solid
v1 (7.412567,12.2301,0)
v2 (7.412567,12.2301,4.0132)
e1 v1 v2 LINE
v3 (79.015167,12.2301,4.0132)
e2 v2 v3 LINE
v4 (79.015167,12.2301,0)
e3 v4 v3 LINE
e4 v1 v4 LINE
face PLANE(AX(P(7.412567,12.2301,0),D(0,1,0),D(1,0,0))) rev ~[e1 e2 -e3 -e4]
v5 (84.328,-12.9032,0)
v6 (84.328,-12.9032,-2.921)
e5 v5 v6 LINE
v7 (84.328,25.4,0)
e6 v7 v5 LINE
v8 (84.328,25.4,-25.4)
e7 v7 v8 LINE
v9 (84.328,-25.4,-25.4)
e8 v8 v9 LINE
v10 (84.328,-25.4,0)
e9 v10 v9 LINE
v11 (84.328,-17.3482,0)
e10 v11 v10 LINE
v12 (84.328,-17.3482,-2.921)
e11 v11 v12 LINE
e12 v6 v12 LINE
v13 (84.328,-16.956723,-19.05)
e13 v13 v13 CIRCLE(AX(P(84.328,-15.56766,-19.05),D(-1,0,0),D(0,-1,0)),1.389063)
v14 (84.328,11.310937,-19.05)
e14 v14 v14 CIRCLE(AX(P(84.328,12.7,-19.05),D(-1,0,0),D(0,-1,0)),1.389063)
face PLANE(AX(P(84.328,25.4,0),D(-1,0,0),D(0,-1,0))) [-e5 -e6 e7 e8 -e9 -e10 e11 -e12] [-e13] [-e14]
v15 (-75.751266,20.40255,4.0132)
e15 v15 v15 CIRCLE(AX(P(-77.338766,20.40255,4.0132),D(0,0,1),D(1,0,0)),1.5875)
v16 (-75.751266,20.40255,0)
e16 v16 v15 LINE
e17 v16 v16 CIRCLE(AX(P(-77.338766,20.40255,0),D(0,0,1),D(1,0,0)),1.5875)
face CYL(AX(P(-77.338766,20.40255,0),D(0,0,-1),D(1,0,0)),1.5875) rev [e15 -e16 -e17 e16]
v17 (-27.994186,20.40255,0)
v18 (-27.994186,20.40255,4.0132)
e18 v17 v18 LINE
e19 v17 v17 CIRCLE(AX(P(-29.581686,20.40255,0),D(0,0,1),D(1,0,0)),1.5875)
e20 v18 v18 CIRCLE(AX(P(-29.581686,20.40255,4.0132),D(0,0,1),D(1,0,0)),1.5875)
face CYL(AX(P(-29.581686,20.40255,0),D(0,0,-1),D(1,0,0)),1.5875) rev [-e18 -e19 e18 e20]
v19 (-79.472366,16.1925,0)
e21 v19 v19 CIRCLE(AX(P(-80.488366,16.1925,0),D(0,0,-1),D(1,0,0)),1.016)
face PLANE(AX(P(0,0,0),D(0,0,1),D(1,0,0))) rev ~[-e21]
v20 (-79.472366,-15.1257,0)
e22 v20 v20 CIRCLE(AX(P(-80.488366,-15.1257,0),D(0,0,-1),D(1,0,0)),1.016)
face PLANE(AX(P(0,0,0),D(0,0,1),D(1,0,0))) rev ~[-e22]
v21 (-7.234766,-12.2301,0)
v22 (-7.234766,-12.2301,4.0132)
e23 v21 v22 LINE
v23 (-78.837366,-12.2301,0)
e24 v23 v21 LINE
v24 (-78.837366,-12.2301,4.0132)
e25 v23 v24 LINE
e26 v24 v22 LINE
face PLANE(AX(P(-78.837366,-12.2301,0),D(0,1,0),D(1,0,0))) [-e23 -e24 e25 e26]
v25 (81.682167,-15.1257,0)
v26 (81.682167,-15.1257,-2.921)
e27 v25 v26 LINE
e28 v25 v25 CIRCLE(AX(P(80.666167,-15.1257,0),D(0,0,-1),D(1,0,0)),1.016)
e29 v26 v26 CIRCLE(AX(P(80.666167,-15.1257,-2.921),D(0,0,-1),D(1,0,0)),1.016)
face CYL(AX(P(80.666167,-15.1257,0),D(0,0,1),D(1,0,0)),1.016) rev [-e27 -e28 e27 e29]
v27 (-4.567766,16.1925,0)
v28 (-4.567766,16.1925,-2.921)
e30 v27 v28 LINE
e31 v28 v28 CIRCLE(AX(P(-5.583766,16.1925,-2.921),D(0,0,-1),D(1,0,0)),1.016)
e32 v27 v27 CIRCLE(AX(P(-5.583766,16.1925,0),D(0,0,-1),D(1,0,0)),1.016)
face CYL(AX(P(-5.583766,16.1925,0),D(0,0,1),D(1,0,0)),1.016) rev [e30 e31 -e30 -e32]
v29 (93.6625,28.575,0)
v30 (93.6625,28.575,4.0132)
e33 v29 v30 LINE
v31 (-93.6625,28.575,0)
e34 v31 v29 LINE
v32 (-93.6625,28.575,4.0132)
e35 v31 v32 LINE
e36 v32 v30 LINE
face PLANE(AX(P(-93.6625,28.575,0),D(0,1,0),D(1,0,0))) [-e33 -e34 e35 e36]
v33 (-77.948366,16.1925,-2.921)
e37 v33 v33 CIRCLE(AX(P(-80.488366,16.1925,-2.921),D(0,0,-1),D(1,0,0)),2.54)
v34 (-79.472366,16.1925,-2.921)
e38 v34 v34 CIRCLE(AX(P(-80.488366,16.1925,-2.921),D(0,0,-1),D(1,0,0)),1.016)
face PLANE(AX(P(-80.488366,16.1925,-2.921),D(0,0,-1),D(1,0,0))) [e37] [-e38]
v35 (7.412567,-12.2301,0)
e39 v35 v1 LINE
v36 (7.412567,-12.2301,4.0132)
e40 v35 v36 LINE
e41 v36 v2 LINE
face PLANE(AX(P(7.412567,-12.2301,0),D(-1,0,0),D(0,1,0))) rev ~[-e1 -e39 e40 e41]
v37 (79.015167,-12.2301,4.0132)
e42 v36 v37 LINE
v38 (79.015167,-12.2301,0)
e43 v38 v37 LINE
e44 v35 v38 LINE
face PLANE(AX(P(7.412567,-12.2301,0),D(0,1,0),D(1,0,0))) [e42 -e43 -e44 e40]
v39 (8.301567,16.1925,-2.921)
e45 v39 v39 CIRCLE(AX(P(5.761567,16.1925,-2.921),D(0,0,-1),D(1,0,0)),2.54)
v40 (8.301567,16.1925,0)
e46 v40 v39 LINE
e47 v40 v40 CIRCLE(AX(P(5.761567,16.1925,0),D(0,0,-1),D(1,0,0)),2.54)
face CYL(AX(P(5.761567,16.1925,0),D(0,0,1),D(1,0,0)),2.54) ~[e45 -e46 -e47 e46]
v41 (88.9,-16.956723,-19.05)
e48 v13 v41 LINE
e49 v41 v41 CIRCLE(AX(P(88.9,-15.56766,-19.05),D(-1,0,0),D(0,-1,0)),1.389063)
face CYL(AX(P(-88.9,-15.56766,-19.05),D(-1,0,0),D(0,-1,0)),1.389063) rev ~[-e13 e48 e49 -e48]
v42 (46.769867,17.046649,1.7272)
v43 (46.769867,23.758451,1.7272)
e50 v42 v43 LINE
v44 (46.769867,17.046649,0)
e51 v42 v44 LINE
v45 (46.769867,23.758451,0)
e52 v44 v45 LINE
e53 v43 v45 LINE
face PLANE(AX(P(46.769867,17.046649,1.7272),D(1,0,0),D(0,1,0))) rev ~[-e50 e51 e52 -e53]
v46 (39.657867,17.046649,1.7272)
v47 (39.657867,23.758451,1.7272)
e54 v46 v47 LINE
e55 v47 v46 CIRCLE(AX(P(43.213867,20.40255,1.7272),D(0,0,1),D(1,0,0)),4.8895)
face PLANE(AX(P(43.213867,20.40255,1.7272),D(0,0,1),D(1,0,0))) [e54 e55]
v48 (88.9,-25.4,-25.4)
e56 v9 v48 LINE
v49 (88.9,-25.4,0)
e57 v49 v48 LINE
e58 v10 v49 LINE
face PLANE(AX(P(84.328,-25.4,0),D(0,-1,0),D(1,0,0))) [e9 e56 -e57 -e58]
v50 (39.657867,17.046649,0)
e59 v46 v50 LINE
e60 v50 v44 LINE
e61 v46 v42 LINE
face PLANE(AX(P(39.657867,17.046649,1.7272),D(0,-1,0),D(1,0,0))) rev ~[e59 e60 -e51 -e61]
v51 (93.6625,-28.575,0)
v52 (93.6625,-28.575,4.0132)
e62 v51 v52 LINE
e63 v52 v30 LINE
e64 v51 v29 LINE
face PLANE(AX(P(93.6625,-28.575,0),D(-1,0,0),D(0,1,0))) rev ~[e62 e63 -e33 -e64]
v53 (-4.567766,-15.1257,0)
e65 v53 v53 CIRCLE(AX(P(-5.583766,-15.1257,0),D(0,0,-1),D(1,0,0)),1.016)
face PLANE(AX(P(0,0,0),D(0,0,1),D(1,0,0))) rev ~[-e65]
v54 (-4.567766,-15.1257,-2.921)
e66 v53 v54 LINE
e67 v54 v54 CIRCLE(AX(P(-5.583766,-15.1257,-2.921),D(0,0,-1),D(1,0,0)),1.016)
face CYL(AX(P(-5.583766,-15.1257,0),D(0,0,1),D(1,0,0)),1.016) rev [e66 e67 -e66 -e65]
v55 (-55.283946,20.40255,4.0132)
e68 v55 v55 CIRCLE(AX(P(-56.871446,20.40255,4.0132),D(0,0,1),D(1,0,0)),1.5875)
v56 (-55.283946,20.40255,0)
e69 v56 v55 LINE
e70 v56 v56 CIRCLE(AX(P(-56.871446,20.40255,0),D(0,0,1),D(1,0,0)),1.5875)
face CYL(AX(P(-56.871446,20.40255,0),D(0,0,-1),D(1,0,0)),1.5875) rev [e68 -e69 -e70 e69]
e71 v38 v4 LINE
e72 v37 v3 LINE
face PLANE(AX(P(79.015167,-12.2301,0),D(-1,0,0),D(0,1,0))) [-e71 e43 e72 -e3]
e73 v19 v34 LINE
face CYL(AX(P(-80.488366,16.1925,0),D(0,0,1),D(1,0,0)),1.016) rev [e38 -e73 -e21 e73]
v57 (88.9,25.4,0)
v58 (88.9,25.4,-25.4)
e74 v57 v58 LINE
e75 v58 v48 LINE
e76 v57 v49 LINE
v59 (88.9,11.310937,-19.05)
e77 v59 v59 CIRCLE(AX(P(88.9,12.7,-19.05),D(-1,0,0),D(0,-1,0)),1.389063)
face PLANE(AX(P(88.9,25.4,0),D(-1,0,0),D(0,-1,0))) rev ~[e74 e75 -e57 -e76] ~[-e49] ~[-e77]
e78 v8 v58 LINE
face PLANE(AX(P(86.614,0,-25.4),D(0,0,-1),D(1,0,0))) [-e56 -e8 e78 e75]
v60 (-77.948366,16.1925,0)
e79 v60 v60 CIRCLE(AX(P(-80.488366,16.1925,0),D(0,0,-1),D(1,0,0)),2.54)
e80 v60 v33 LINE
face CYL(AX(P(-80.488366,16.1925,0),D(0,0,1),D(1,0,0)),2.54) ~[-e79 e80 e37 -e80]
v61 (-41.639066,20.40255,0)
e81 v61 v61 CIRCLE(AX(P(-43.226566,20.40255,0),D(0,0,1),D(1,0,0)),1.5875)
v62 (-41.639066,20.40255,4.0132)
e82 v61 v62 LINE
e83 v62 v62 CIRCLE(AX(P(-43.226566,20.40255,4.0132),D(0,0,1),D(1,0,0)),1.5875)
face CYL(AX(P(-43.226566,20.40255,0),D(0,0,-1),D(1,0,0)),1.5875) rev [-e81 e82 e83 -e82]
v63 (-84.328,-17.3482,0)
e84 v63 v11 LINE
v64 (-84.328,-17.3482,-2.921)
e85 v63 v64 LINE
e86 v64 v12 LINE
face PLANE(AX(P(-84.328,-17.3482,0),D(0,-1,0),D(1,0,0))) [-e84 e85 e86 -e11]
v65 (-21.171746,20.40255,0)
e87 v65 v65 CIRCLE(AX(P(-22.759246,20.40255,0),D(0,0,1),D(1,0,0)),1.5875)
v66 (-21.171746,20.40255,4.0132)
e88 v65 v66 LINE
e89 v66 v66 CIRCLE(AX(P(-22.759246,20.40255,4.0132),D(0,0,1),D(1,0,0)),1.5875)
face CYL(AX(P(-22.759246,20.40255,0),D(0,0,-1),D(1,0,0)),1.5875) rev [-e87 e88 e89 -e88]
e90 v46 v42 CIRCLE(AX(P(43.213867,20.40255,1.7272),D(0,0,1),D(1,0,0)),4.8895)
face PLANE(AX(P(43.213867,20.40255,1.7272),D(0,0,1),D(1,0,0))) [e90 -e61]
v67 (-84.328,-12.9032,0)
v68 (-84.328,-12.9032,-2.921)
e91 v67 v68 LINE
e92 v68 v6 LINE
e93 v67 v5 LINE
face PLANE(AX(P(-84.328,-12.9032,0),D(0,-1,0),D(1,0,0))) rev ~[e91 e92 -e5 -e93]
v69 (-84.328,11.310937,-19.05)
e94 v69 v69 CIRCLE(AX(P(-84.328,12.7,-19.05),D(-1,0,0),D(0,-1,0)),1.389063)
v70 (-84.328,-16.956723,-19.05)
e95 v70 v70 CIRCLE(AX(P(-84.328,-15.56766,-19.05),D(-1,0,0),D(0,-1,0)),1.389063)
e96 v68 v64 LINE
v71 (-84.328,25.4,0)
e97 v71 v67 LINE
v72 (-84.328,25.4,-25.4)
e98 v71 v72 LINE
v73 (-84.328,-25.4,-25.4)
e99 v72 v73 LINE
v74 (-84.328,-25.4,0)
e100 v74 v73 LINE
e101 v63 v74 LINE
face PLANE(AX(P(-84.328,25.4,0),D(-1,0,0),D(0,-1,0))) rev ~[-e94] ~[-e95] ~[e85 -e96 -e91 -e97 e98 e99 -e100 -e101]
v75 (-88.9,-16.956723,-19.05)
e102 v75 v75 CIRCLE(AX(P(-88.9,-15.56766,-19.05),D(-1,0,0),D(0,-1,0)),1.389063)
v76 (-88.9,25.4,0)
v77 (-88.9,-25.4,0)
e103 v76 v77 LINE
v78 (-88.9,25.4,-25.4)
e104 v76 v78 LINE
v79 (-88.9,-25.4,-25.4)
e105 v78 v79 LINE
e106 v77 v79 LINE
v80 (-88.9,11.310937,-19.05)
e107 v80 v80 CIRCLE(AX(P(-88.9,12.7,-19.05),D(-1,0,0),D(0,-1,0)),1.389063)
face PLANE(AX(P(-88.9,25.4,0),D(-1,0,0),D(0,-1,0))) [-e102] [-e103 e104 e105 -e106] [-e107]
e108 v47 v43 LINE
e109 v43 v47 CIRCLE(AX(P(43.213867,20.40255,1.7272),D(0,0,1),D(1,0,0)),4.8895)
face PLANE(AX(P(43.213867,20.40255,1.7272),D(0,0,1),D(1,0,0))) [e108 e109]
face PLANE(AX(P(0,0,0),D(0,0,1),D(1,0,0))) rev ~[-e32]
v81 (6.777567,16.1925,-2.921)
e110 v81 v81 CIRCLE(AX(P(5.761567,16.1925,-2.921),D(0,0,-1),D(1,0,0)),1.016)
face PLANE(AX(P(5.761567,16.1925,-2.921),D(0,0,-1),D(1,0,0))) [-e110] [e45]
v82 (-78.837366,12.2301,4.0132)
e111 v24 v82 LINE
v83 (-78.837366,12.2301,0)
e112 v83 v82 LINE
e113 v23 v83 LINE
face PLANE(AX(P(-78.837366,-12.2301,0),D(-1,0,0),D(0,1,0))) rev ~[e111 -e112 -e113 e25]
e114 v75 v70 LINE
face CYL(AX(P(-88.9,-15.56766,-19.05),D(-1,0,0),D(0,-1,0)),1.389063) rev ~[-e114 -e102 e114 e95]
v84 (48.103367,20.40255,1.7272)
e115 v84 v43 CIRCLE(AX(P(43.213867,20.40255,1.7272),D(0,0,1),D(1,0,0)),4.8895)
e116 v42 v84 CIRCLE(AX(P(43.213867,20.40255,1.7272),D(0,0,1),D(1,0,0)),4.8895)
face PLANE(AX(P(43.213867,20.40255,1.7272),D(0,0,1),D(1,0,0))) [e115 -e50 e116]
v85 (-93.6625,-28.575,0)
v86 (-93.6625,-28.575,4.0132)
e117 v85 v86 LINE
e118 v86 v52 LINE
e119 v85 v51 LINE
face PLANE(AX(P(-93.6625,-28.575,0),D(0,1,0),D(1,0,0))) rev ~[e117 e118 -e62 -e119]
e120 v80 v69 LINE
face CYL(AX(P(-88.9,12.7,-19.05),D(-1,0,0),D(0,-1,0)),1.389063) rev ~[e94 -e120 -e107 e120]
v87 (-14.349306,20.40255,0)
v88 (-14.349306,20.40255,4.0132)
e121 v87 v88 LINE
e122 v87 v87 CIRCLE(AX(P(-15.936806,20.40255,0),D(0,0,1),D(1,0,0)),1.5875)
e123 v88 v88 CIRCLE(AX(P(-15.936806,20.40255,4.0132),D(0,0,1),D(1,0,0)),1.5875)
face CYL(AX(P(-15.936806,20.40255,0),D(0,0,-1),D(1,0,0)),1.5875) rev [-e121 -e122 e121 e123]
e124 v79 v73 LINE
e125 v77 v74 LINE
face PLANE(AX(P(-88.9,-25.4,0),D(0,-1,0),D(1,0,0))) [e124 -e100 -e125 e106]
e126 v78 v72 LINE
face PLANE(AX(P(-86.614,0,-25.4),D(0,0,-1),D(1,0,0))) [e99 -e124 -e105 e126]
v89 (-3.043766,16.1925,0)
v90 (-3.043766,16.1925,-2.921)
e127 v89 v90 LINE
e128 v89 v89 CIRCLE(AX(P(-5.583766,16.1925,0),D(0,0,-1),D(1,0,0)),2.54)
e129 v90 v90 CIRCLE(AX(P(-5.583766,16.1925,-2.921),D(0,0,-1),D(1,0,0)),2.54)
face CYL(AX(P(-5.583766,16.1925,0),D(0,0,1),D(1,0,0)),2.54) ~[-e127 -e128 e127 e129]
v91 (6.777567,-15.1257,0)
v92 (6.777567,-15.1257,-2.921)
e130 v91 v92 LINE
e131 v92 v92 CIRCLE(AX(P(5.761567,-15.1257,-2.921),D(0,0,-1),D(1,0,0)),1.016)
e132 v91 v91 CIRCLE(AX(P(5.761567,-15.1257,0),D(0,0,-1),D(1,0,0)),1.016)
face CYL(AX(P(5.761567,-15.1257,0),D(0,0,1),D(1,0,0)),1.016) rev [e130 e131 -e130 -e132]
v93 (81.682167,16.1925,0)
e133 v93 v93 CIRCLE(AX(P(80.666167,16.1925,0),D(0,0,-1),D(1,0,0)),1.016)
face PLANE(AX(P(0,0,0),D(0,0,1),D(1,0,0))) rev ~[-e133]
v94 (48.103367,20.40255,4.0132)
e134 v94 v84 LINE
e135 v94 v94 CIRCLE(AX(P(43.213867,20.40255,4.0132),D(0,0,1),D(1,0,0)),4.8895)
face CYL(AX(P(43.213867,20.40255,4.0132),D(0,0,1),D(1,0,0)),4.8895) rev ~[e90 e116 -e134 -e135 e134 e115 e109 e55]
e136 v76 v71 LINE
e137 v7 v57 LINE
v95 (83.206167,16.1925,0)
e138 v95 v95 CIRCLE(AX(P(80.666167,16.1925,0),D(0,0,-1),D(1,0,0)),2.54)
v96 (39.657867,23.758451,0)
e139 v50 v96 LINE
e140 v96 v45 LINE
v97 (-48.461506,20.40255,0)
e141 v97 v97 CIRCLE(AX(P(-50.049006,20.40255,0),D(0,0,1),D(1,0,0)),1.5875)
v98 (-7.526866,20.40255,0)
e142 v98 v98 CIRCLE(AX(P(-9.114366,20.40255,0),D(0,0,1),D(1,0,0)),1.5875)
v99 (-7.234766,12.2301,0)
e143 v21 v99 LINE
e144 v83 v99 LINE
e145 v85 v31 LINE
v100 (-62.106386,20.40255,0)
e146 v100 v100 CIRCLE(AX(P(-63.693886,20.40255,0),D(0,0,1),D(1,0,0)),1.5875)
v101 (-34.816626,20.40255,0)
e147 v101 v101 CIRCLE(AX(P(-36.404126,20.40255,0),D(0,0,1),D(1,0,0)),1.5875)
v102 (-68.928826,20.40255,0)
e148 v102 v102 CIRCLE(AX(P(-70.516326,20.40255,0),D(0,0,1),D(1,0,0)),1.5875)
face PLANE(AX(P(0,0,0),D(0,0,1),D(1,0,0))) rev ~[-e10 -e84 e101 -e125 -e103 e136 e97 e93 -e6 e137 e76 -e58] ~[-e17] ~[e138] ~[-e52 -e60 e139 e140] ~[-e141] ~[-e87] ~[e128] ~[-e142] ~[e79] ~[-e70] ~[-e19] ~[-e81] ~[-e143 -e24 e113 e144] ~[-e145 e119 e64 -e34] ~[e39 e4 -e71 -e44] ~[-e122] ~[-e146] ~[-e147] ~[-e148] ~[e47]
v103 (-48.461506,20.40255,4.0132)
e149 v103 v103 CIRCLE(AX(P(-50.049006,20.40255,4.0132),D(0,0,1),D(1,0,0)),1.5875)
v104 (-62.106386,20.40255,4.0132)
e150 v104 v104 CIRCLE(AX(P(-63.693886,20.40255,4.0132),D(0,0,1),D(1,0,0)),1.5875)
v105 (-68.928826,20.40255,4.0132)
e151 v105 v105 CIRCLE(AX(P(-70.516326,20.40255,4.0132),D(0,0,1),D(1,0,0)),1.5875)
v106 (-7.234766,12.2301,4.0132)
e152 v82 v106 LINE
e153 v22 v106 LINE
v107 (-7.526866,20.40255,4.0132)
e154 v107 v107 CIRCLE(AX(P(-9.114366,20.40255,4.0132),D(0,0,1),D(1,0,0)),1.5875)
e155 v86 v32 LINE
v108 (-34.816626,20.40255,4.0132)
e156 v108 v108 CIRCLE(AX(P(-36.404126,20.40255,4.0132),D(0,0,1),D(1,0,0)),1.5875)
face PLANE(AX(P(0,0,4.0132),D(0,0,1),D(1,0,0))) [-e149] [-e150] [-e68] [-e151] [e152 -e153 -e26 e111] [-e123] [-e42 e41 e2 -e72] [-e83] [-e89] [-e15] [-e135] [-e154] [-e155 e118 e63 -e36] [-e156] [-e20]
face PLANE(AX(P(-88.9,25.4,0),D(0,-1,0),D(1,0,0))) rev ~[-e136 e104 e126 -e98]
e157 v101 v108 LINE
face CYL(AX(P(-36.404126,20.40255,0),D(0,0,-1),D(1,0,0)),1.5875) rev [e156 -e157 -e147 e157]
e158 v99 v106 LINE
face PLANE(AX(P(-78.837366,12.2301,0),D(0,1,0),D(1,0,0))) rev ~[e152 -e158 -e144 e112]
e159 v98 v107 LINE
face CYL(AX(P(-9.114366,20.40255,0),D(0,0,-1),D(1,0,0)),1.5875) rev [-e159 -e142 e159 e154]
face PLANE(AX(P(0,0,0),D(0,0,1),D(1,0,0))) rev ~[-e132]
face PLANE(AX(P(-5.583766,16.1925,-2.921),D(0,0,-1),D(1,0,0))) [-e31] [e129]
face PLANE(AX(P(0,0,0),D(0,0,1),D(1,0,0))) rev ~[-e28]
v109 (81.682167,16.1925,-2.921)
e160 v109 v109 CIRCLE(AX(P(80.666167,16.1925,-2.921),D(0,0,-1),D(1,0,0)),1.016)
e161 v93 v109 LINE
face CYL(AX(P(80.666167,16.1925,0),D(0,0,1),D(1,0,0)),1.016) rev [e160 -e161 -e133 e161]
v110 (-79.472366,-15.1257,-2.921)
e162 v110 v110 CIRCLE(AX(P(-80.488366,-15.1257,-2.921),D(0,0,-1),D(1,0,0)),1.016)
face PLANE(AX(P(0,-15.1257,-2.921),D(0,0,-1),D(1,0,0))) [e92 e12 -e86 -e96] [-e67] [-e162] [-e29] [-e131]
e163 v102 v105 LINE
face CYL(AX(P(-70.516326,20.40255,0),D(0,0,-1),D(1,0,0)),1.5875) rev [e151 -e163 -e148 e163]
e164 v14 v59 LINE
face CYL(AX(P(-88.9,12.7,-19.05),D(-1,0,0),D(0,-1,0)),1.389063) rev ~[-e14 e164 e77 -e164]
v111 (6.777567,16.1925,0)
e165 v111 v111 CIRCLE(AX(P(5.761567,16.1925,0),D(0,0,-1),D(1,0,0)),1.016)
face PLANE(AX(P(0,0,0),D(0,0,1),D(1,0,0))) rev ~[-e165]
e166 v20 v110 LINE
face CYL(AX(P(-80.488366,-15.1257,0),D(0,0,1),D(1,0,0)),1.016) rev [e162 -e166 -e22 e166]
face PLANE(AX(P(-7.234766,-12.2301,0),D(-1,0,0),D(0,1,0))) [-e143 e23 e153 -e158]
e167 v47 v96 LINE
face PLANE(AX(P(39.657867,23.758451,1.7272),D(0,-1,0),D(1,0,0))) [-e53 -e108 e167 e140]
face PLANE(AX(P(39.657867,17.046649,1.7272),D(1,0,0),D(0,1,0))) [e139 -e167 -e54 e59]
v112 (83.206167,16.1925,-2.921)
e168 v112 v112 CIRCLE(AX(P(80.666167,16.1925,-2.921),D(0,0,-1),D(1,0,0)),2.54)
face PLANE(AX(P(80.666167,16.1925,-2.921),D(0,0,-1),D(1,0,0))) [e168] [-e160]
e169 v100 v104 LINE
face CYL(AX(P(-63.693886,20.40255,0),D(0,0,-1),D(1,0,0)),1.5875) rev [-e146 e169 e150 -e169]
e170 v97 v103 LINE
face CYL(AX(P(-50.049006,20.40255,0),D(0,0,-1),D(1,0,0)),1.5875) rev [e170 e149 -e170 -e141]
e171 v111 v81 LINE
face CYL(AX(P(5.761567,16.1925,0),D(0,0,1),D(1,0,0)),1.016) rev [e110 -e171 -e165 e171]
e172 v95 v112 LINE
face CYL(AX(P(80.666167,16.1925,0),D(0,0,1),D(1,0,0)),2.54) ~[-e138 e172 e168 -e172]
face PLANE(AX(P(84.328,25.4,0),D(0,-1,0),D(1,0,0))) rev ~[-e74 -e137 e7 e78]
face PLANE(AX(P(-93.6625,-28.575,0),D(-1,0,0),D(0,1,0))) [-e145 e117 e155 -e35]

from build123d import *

# Parameters (mm, degrees)
SKETCH_W      = 187.325
SKETCH_H      = 57.15
SKETCH_R      = 1.5875
SKETCH_W_2    = 71.6026
SKETCH_H_2    = 24.4602
PAD_DEPTH     = 4.0132
SKETCH001_R   = 2.54
SKETCH001_R_2 = 1.016
SKETCH001_W   = 168.656
SKETCH001_H   = 4.445
PAD001_DEPTH  = 2.921
SKETCH002_W   = 4.572
SKETCH002_H   = 50.8
PAD002_DEPTH  = 25.4
SKETCH003_R   = 1.389063
HOLE_DEPTH    = 177.8
HOLE_TIPS_R   = 1.389063
SKETCH004_R   = 4.8895
HOLE001_DEPTH = 2.286
SKETCH005_W   = 7.112
SKETCH005_H   = 6.711802
POCKET_DEPTH  = 27.1282


with BuildPart() as part:
    # Sketch → Pad (new body)
    with BuildSketch(Plane.XY):
        Rectangle(SKETCH_W, SKETCH_H)
        with Locations((-77.338766, 20.40255)):
            Circle(SKETCH_R, mode=Mode.SUBTRACT)
        with Locations((-70.516326, 20.40255)):
            Circle(SKETCH_R, mode=Mode.SUBTRACT)
        with Locations((-63.693886, 20.40255)):
            Circle(SKETCH_R, mode=Mode.SUBTRACT)
        with Locations((-56.871446, 20.40255)):
            Circle(SKETCH_R, mode=Mode.SUBTRACT)
        with Locations((-50.049006, 20.40255)):
            Circle(SKETCH_R, mode=Mode.SUBTRACT)
        with Locations((-43.226566, 20.40255)):
            Circle(SKETCH_R, mode=Mode.SUBTRACT)
        with Locations((-36.404126, 20.40255)):
            Circle(SKETCH_R, mode=Mode.SUBTRACT)
        with Locations((-29.581686, 20.40255)):
            Circle(SKETCH_R, mode=Mode.SUBTRACT)
        with Locations((-22.759246, 20.40255)):
            Circle(SKETCH_R, mode=Mode.SUBTRACT)
        with Locations((-15.936806, 20.40255)):
            Circle(SKETCH_R, mode=Mode.SUBTRACT)
        with Locations((-9.114366, 20.40255)):
            Circle(SKETCH_R, mode=Mode.SUBTRACT)
        with Locations((43.213867, 0)):
            Rectangle(SKETCH_W_2, SKETCH_H_2, mode=Mode.SUBTRACT)
        with Locations((-43.036066, 0)):
            Rectangle(SKETCH_W_2, SKETCH_H_2, mode=Mode.SUBTRACT)
    extrude(amount=PAD_DEPTH)

    # Sketch001 (on Face24 of Pad) → Pad001 (join)
    with BuildSketch(Plane(origin=(0, 0, 0), x_dir=(1, 0, 0), z_dir=(0, 0, -1))):
        with Locations((80.666167, -16.1925)):
            Circle(SKETCH001_R)
        with Locations((80.666167, -16.1925)):
            Circle(SKETCH001_R_2, mode=Mode.SUBTRACT)
        with Locations((5.761567, -16.1925)):
            Circle(SKETCH001_R)
        with Locations((5.761567, -16.1925)):
            Circle(SKETCH001_R_2, mode=Mode.SUBTRACT)
        with Locations((-5.583766, -16.1925)):
            Circle(SKETCH001_R)
        with Locations((-5.583766, -16.1925)):
            Circle(SKETCH001_R_2, mode=Mode.SUBTRACT)
        with Locations((-80.488366, -16.1925)):
            Circle(SKETCH001_R)
        with Locations((-80.488366, -16.1925)):
            Circle(SKETCH001_R_2, mode=Mode.SUBTRACT)
        with Locations((0, 15.1257)):
            Rectangle(SKETCH001_W, SKETCH001_H)
        with Locations((-80.488366, 15.1257)):
            Circle(SKETCH001_R_2, mode=Mode.SUBTRACT)
        with Locations((-5.583766, 15.1257)):
            Circle(SKETCH001_R_2, mode=Mode.SUBTRACT)
        with Locations((5.761567, 15.1257)):
            Circle(SKETCH001_R_2, mode=Mode.SUBTRACT)
        with Locations((80.666167, 15.1257)):
            Circle(SKETCH001_R_2, mode=Mode.SUBTRACT)
    extrude(amount=PAD001_DEPTH)

    # Sketch002 (on Face4 of Pad001) → Pad002 (join)
    with BuildSketch(Plane(origin=(0, 0, 0), x_dir=(1, 0, 0), z_dir=(0, 0, -1))):
        with Locations((86.614, 0)):
            Rectangle(SKETCH002_W, SKETCH002_H)
        with Locations((-86.614, 0)):
            Rectangle(SKETCH002_W, SKETCH002_H)
    extrude(amount=PAD002_DEPTH)

    # Sketch003 (on Face15 of Pad002) → Hole (cut)
    with BuildSketch(Plane(origin=(-88.9, 0, 0), x_dir=(0, -1, 0), z_dir=(-1, 0, 0))):
        with Locations((-12.7, -19.05)):
            Circle(SKETCH003_R)
        with Locations((15.56766, -19.05)):
            Circle(SKETCH003_R)
    extrude(amount=-HOLE_DEPTH, mode=Mode.SUBTRACT)

    # Hole tips → Hole tip 1 section 0
    with BuildSketch(Plane(origin=(88.9, 0, 0), x_dir=(0, -1, 0), z_dir=(-1, 0, 0)), mode=Mode.PRIVATE) as hole_tip_1_s0:
        with Locations((-12.7, -19.05)):
            Circle(HOLE_TIPS_R)
    loft([hole_tip_1_s0.sketch, Vertex(89.734633, 12.7, -19.05)], mode=Mode.SUBTRACT)

    # Hole tips → Hole tip 2 section 0
    with BuildSketch(Plane(origin=(88.9, 0, 0), x_dir=(0, -1, 0), z_dir=(-1, 0, 0)), mode=Mode.PRIVATE) as hole_tip_2_s0:
        with Locations((15.56766, -19.05)):
            Circle(HOLE_TIPS_R)
    loft([hole_tip_2_s0.sketch, Vertex(89.734633, -15.56766, -19.05)], mode=Mode.SUBTRACT)

    # Sketch004 (on Face5 of Hole) → Hole001 (cut)
    with BuildSketch(Plane.XY.offset(4.0132)):
        with Locations((43.213867, 20.40255)):
            Circle(SKETCH004_R)
    extrude(amount=-HOLE001_DEPTH, mode=Mode.SUBTRACT)

    # Sketch005 (on Face52 of Hole001) → Pocket (cut, through all)
    with BuildSketch(Plane.XY.offset(1.7272)):
        with Locations((43.213867, 20.40255)):
            Rectangle(SKETCH005_W, SKETCH005_H)
    extrude(amount=-POCKET_DEPTH, mode=Mode.SUBTRACT)


solid = part.part
